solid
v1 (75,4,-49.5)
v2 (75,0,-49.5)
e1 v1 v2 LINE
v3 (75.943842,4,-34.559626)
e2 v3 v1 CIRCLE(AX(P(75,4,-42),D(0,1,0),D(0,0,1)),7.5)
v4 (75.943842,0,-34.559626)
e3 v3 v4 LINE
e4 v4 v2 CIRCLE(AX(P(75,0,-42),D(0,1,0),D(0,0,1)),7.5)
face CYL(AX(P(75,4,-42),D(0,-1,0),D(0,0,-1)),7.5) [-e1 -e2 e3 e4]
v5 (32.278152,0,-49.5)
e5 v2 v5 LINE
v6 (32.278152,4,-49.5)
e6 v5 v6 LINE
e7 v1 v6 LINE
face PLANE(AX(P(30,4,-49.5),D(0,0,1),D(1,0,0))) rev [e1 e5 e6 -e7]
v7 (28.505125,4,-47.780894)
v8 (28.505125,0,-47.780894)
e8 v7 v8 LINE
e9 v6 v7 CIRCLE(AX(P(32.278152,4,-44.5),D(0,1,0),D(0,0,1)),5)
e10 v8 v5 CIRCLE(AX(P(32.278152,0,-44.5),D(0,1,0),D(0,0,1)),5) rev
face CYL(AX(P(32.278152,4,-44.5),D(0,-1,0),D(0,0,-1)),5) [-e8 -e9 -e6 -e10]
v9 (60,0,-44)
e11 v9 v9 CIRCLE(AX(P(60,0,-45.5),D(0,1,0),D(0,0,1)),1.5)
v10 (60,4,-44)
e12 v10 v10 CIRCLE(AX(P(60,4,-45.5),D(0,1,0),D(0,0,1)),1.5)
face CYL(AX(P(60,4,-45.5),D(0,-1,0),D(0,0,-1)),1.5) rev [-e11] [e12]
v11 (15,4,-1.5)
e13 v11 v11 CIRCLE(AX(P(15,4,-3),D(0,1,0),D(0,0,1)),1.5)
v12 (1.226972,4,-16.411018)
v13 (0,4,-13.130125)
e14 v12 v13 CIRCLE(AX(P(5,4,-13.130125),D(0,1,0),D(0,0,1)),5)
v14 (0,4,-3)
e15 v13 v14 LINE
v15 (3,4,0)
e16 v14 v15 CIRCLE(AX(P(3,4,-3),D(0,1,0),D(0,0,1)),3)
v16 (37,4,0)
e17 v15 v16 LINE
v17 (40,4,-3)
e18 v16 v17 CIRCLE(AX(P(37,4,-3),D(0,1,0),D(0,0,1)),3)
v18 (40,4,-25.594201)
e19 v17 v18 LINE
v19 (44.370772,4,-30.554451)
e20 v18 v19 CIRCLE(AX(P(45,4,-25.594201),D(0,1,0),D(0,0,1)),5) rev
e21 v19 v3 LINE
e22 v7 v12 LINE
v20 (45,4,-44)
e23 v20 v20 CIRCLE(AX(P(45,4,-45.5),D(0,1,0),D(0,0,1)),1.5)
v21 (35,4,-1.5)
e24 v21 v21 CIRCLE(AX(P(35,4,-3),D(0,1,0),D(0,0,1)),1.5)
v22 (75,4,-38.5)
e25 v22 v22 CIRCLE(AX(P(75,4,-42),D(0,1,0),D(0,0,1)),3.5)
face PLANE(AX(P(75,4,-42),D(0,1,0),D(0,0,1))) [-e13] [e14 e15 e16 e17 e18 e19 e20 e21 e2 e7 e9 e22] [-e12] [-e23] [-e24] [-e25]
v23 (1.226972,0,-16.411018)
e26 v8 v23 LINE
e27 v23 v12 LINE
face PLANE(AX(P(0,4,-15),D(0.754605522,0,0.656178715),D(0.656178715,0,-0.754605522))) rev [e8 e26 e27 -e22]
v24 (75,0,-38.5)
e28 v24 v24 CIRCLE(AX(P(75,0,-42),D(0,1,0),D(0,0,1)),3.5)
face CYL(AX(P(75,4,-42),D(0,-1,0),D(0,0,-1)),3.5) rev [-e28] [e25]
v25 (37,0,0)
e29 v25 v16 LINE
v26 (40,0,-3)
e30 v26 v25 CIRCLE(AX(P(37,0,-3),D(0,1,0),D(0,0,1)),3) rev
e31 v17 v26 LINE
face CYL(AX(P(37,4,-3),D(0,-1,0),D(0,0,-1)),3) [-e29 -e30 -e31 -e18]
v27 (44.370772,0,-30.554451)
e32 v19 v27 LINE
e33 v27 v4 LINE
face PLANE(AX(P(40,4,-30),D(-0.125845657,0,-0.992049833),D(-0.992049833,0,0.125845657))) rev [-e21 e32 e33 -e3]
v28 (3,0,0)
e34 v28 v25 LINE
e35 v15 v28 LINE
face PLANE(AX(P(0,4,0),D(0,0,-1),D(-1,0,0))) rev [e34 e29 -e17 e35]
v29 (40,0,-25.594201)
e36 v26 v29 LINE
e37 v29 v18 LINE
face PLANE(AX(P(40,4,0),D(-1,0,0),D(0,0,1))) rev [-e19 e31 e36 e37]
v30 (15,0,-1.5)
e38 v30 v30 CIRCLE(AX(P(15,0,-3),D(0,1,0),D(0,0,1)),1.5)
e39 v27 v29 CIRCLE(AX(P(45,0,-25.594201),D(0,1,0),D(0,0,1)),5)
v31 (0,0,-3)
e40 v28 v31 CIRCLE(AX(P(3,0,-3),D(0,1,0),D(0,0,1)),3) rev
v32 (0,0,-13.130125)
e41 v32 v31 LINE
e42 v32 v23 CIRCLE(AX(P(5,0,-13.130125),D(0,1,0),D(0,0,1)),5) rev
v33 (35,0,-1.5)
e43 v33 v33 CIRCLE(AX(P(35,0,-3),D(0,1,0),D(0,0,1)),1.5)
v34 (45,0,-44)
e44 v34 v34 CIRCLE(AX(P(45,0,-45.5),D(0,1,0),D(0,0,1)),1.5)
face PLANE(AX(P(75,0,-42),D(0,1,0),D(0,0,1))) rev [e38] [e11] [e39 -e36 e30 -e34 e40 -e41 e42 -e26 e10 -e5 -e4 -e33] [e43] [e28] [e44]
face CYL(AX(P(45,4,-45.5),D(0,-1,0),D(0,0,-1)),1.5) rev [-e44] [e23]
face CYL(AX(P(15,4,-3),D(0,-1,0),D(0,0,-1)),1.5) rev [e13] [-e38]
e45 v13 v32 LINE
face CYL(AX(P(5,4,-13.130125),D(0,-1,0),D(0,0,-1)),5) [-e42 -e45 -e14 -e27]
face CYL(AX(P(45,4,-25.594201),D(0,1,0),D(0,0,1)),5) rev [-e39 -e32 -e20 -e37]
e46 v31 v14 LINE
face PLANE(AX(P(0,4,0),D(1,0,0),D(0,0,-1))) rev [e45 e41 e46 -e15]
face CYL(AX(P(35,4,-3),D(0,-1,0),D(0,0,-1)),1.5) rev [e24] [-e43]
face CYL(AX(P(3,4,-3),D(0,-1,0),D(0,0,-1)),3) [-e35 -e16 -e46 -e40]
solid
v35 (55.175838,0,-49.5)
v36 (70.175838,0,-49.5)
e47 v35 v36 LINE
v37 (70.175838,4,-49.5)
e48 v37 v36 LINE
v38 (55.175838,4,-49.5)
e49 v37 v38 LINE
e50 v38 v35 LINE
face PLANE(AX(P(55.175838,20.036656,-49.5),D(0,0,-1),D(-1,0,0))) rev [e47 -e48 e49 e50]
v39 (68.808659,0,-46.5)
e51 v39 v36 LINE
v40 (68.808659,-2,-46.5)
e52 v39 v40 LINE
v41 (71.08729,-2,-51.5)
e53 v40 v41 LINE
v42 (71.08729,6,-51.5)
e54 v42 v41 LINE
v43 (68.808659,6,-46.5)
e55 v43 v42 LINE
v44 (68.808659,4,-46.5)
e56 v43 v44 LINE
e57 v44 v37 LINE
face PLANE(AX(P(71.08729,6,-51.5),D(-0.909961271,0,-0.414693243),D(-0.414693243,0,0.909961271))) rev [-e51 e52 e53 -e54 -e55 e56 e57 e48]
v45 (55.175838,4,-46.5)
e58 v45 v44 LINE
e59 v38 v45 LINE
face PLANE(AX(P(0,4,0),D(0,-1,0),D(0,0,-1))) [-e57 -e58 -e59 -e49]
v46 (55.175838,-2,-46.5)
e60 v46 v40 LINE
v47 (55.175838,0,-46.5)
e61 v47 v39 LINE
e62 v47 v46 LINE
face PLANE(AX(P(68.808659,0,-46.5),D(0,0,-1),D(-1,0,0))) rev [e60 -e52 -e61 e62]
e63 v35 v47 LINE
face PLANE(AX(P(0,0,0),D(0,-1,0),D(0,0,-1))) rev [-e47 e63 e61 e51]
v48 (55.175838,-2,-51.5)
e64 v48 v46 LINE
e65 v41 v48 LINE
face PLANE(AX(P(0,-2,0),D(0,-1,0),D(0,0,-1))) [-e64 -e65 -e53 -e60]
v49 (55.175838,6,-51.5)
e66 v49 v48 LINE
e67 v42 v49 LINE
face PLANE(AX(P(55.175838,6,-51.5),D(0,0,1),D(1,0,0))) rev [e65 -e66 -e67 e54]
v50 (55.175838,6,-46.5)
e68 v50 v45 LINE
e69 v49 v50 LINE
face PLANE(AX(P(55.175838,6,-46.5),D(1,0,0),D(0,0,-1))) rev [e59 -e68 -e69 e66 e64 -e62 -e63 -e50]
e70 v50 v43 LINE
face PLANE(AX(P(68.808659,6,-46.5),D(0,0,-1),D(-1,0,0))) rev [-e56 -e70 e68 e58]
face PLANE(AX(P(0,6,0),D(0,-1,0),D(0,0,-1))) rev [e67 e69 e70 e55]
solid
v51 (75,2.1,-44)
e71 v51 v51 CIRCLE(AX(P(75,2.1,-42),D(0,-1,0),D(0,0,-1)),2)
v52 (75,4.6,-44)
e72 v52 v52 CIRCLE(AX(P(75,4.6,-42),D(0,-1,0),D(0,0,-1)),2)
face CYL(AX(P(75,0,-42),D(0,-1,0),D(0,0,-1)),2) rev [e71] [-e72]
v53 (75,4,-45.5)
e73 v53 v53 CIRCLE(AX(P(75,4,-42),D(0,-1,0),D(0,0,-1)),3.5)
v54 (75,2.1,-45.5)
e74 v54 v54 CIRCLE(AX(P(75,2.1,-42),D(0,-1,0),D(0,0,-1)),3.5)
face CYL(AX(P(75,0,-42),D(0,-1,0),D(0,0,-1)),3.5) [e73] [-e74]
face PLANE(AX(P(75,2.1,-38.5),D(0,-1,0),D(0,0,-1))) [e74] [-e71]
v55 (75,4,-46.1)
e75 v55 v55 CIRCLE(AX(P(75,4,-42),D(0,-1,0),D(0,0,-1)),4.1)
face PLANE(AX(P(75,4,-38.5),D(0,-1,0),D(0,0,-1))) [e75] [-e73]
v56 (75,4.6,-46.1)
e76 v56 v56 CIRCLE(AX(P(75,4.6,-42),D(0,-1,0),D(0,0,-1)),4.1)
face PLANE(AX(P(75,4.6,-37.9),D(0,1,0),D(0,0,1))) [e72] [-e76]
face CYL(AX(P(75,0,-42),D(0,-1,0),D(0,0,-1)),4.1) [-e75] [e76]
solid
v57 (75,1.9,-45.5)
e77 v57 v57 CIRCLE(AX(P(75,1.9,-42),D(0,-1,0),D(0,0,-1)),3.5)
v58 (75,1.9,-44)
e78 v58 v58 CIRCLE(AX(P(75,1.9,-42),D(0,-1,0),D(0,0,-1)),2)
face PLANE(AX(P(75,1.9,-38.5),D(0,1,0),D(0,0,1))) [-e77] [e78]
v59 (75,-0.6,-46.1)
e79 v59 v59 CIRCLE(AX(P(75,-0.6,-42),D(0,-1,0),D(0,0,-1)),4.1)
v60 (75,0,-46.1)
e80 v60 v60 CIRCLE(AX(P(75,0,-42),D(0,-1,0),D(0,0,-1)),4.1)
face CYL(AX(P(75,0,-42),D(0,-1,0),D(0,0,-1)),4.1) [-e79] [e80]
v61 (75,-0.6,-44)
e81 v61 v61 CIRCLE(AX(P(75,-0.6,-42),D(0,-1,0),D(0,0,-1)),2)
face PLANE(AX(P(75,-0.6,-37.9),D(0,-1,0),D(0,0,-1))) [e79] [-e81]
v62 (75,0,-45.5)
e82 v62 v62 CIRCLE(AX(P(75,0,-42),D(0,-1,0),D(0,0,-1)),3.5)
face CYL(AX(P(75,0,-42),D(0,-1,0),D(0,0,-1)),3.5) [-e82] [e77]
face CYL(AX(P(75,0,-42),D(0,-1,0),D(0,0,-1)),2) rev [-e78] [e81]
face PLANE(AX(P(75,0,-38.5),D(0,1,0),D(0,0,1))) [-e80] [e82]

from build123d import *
from OCP.BRepFilletAPI import BRepFilletAPI_MakeFillet

# Parameters (mm, degrees)
SKETCH_1_R             = 3.5
SKETCH_1_R_2           = 1.5
EXTRUDE_1_DEPTH        = 4
FILLET_1_R1            = 5
FILLET_1_R2            = 3
EXTRUDE_2_DEPTH        = 2
PATTERN_LINEAR_1_COUNT = 2
PATTERN_LINEAR_1_PITCH = 6
EXTRUDE_4_DEPTH        = 4


with BuildPart() as part:
    # 草图1 → 凸台-拉伸1 (new body)
    with BuildSketch(Plane(origin=(0, 0, 0), x_dir=(1, 0, 0), z_dir=(0, 1, 0))):
        with BuildLine():
            Line((0, 0), (40, 0))
            Line((40, 0), (40, 30))
            Line((40, 30), (75.943842427, 34.559626254))
            ThreePointArc((75.943842427, 34.559626254), (82.485078593, 42.472861982), (75, 49.5))
            Line((75, 49.5), (30, 49.5))
            Line((30, 49.5), (0, 15))
            Line((0, 15), (0, 0))
        make_face()
        with Locations(Location((75, 42, 0), (0, 0, 270))):
            Circle(SKETCH_1_R, mode=Mode.SUBTRACT)
        with Locations(Location((15, 3, 0), (0, 0, 270))):
            Circle(SKETCH_1_R_2, mode=Mode.SUBTRACT)
        with Locations(Location((35, 3, 0), (0, 0, 270))):
            Circle(SKETCH_1_R_2, mode=Mode.SUBTRACT)
        with Locations(Location((45, 45.5, 0), (0, 0, 270))):
            Circle(SKETCH_1_R_2, mode=Mode.SUBTRACT)
        with Locations(Location((60, 45.5, 0), (0, 0, 270))):
            Circle(SKETCH_1_R_2, mode=Mode.SUBTRACT)
    extrude(amount=EXTRUDE_1_DEPTH)

    # 圆角1: one fillet with a radius per group of edges: ONE call of the kernel's fillet builder (fillet() takes one radius for all edges)
    fillet_1_edges_1 = [part.edges().sort_by_distance(p)[0] for p in [
        (40, 2, -30),
        (30, 2, -49.5),
        (0, 2, -15),
    ]]
    fillet_1_edges_2 = [part.edges().sort_by_distance(p)[0] for p in [
        (40, 2, 0),
        (0, 2, 0),
    ]]
    fillet_1 = BRepFilletAPI_MakeFillet(part.part.solid().wrapped)
    for e in fillet_1_edges_1:
        fillet_1.Add(FILLET_1_R1, e.wrapped)
    for e in fillet_1_edges_2:
        fillet_1.Add(FILLET_1_R2, e.wrapped)
    add(Compound.cast(fillet_1.Shape()), mode=Mode.REPLACE)


with BuildPart() as body_2:
    # 草图2 → 旋转1 (revolve)
    with BuildSketch(Plane.ZY.offset(-75), mode=Mode.PRIVATE) as revolve_1_sk:
        Polygon((-38.5, 0), (-38.5, 1.9), (-40, 1.9), (-40, -0.6), (-37.9, -0.6), (-37.9, 0), align=None)
        Polygon((-38.5, 2.1), (-40, 2.1), (-40, 4.6), (-37.9, 4.6), (-37.9, 4), (-38.5, 4), align=None)
    revolve(revolve_1_sk.sketch.rotate(Axis((75, 0, -42), (0, 1, 0)), 180), axis=Axis((75, 0, -42), (0, 1, 0)))


with BuildPart() as body_3:
    # 草图3 → 凸台-拉伸2 (new body)
    with BuildSketch(Plane(origin=(0, 4, 0), x_dir=(1, 0, 0), z_dir=(0, 1, 0))):
        Polygon((71.087290406, 51.5), (68.808659128, 46.5), (55.175837895, 46.5), (55.175837895, 51.5), align=None)
    extrude_2 = extrude(amount=EXTRUDE_2_DEPTH)



with BuildPart() as pattern_linear_1_1:
    # 阵列(线性)1: 凸台-拉伸2 ×2
    with Locations(*[(0, -i * PATTERN_LINEAR_1_PITCH, 0) for i in range(1, PATTERN_LINEAR_1_COUNT)]):
        add(extrude_2)


with BuildPart() as body_3_1:
    add(body_3.part)

    add(pattern_linear_1_1.part)  # 凸台-拉伸4 merges 阵列(线性)1_1
    # 草图5 → 凸台-拉伸4 (add)
    with BuildSketch(Plane(origin=(0, 0, 0), x_dir=(1, 0, 0), z_dir=(0, 1, 0))):
        Polygon((55.175837895, 51.5), (55.175837895, 49.5), (70.175837895, 49.5), (71.087290406, 51.5), align=None)
    extrude(amount=EXTRUDE_4_DEPTH)


solid = Compound([part.part, body_2.part, body_3_1.part])
